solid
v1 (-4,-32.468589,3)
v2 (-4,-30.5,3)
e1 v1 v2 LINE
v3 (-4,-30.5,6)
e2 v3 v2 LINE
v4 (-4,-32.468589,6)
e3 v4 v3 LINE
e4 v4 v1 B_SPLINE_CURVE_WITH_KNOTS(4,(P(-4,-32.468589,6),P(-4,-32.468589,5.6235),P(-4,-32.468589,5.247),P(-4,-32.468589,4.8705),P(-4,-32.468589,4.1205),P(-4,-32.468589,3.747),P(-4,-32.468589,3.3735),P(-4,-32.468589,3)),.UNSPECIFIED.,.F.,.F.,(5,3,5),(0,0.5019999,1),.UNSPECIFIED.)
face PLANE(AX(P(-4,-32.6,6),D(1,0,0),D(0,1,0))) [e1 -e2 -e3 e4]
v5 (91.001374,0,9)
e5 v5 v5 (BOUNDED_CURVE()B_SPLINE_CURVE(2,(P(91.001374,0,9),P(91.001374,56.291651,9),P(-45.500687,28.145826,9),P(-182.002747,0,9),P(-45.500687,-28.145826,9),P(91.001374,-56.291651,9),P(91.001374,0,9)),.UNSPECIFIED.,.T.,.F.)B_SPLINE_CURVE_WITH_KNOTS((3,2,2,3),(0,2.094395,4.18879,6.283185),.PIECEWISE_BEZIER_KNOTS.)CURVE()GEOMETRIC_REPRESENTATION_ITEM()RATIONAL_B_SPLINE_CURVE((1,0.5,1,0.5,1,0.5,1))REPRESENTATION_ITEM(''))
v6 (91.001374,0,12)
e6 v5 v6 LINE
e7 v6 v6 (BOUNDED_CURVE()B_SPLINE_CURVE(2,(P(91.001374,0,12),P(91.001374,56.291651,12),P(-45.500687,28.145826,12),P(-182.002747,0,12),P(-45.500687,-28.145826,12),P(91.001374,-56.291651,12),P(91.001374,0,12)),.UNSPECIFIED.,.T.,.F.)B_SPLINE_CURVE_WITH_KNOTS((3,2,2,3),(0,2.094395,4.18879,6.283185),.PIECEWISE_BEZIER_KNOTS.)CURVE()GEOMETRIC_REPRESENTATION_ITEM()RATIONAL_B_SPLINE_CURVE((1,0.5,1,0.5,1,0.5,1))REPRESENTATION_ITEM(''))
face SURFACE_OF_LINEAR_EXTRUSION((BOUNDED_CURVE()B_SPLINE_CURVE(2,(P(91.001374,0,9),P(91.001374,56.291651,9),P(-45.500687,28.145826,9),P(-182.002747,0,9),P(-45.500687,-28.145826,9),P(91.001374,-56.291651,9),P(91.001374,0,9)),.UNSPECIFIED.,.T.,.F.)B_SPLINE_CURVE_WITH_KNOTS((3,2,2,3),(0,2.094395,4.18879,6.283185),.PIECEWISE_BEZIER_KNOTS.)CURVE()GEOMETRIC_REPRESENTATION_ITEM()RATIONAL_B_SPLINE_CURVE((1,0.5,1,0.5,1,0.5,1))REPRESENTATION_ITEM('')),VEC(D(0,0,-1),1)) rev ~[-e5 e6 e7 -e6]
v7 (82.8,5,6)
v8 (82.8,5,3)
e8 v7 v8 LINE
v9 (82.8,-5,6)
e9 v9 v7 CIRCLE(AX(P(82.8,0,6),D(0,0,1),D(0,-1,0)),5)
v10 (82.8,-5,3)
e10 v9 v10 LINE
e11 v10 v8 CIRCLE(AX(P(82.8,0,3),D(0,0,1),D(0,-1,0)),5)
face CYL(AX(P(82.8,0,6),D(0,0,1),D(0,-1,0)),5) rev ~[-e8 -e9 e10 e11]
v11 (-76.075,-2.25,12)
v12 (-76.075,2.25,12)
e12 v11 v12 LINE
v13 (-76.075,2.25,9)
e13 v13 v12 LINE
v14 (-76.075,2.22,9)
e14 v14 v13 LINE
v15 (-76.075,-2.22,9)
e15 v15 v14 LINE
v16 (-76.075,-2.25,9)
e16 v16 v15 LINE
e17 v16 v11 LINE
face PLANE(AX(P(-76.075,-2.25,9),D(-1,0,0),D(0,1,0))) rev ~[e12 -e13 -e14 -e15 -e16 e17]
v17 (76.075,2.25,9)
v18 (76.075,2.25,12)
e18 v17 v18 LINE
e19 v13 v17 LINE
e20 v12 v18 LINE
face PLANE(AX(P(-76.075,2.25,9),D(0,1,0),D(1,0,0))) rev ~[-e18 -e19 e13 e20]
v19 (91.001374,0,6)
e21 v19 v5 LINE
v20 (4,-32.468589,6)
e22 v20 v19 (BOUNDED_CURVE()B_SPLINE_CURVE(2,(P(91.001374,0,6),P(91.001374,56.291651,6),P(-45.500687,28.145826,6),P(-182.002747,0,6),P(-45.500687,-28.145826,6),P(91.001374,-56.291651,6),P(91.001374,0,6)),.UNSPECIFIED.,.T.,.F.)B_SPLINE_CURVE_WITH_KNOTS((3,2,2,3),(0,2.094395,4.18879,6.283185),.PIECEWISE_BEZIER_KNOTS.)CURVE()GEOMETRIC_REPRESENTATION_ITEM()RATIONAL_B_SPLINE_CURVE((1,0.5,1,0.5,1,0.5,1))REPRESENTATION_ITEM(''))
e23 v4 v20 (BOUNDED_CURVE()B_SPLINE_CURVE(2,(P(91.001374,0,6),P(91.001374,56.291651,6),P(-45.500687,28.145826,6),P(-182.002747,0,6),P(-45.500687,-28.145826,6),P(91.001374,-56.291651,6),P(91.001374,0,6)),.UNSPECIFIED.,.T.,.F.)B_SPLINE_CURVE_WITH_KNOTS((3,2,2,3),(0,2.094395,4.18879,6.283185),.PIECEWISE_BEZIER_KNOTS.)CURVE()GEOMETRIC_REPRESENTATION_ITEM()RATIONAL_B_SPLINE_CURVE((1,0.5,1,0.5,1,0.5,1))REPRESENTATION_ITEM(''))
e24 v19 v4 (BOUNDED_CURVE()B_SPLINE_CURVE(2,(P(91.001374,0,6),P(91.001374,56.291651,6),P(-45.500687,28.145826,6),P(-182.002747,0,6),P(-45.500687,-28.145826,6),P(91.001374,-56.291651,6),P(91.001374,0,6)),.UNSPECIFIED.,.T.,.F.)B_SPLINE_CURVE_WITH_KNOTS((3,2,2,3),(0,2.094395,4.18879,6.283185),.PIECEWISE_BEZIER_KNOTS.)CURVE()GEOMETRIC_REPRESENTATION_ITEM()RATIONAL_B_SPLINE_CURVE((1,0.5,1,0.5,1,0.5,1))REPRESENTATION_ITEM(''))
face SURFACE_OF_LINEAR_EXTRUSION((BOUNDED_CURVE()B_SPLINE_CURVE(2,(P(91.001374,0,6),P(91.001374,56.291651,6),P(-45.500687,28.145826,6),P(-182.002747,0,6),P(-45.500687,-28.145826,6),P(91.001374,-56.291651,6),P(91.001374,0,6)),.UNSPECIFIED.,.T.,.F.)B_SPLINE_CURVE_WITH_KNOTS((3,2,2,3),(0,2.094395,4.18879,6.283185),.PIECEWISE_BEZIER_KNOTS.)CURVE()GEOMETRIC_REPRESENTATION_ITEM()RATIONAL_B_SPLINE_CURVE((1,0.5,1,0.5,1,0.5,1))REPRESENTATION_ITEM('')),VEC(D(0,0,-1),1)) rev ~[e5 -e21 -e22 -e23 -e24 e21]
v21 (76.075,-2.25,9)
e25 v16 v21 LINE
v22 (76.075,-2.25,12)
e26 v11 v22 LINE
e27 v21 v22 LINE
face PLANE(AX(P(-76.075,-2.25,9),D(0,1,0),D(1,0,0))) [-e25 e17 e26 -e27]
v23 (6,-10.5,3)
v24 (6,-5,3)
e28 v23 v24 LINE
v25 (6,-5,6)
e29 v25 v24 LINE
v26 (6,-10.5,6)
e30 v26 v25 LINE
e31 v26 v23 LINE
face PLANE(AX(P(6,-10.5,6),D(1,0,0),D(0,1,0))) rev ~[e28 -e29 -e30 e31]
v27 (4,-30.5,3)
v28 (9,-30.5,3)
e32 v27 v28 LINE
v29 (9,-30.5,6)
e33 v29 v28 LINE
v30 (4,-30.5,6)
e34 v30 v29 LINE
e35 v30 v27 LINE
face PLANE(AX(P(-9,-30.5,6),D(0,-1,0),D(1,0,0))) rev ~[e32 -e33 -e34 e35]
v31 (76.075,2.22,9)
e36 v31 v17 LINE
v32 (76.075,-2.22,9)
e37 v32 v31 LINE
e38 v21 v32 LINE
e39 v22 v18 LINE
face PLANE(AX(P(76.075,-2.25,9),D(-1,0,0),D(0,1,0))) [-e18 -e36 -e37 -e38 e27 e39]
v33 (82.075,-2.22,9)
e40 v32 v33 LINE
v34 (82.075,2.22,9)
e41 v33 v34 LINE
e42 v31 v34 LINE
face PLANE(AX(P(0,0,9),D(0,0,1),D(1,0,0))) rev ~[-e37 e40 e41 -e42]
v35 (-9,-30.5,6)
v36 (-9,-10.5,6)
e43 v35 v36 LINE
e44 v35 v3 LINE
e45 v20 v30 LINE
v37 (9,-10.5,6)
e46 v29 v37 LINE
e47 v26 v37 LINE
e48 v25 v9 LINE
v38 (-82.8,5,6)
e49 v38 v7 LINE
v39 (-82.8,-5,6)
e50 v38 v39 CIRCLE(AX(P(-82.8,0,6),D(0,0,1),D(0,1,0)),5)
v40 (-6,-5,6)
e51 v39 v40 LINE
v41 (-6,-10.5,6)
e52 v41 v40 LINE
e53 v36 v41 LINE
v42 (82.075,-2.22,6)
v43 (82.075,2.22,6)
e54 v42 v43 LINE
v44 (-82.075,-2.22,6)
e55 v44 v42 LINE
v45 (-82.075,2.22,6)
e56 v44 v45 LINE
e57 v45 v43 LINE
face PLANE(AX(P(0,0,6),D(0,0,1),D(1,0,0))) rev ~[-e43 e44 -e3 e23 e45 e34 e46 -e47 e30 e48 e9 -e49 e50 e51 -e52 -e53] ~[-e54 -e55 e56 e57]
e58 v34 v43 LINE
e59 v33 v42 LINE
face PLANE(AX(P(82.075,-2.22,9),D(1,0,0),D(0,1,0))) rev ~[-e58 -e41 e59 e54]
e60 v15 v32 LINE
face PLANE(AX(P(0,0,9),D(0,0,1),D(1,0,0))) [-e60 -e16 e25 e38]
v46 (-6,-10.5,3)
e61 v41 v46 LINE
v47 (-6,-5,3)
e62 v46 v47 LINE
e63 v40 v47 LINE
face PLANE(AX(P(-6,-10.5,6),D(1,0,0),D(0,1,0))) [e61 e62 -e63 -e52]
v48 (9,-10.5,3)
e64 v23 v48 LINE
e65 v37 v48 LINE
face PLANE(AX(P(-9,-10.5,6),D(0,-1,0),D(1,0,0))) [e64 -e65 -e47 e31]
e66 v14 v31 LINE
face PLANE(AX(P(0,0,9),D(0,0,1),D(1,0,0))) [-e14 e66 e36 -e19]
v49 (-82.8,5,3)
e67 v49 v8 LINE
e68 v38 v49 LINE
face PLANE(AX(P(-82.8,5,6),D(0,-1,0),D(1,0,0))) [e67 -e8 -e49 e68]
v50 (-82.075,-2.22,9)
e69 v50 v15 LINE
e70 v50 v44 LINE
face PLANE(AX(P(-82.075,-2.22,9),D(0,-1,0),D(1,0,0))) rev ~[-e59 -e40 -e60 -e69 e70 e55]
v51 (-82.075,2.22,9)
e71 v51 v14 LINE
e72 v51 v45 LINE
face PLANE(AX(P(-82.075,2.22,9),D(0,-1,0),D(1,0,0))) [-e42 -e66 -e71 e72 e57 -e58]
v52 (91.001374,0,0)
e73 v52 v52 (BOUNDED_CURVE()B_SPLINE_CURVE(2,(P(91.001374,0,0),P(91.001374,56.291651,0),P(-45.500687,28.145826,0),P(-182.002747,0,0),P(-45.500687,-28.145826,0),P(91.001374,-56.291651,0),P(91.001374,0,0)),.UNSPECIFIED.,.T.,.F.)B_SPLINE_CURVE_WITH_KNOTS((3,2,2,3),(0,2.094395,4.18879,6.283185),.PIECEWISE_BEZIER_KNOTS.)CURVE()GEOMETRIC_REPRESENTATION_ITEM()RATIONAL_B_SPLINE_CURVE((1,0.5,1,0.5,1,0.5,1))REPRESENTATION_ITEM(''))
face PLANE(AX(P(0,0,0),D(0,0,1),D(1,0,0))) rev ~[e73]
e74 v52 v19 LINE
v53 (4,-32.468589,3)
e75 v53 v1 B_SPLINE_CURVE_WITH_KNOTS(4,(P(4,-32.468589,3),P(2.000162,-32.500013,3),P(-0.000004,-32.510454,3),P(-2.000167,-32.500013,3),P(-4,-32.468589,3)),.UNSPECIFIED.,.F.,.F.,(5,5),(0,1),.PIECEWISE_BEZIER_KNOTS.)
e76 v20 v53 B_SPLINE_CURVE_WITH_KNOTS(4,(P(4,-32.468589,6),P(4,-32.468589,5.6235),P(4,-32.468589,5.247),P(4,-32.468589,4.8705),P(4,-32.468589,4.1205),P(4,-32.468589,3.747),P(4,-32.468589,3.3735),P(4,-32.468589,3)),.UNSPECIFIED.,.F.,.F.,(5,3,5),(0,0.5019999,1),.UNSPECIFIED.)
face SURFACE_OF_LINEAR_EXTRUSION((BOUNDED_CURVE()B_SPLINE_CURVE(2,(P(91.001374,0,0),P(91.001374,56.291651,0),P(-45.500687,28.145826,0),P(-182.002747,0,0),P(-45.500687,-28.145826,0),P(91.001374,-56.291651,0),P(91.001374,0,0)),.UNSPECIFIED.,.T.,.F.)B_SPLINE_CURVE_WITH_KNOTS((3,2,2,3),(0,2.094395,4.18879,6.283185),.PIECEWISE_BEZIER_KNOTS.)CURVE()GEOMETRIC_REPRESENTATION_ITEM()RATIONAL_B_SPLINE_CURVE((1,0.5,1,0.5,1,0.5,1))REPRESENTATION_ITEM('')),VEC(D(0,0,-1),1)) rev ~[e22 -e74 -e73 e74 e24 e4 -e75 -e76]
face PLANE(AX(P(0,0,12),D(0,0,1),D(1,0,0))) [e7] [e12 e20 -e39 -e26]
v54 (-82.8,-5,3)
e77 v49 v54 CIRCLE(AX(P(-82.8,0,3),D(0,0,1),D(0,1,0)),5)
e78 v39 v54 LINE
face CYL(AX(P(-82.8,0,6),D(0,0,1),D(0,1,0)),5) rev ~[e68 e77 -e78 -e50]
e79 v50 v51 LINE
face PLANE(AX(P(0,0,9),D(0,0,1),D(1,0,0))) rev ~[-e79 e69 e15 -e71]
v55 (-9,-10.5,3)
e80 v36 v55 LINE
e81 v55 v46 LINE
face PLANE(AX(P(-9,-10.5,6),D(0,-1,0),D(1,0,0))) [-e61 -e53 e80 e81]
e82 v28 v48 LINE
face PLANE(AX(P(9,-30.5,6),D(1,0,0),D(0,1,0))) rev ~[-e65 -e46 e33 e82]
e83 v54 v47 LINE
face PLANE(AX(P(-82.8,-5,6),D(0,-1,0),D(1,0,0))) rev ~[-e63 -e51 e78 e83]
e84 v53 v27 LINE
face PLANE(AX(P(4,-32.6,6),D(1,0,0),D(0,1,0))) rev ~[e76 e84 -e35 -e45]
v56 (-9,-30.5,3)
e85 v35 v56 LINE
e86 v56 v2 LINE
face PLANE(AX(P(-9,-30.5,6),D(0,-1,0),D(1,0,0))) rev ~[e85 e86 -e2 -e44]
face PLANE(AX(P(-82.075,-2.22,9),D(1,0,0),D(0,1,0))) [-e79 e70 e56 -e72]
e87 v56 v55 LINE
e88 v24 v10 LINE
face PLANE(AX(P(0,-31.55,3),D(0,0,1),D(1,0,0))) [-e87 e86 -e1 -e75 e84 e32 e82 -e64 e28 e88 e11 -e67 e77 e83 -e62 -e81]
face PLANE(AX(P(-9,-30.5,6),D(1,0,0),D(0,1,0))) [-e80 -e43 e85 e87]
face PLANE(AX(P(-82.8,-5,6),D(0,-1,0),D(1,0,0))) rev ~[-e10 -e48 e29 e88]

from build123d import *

# Parameters (mm, degrees)
PAD_DEPTH       = 6
POCKET_DEPTH    = 3
SKETCH002_W     = 18
SKETCH002_H     = 20
POCKET001_DEPTH = 3
SKETCH003_W     = 12
SKETCH003_H     = 5.5
SKETCH003_W_2   = 8
SKETCH003_H_2   = 2.1
POCKET002_DEPTH = 3
PAD001_DEPTH    = 3
SKETCH005_W     = 164.15
SKETCH005_H     = 4.44
POCKET003_DEPTH = 3
SKETCH006_W     = 152.15
SKETCH006_H     = 4.5
PAD002_DEPTH    = 3


with BuildPart() as part:
    # Sketch → Pad (new body)
    with BuildSketch(Plane.XY):
        with BuildLine():
            add(Edge.make_bspline(
                [(91.001374, 0), (91.001374, 56.291651), (-45.500687, 28.145826), (-182.002747, 0), (-45.500687, -28.145826), (91.001374, -56.291651), (91.001374, 0)],
                knots=[0, 0, 0, 2.094395, 2.094395, 4.18879, 4.18879, 6.283185, 6.283185, 6.283185], degree=2, weights=[1, 0.5, 1, 0.5, 1, 0.5, 1]))
        make_face()
    extrude(amount=PAD_DEPTH)

    # Sketch001 (on Face3 of Pad) → Pocket (cut)
    with BuildSketch(Plane.XY.offset(6)):
        with BuildLine():
            ThreePointArc((-82.8, 5), (-87.8, 0), (-82.8, -5))
            Line((-82.8, -5), (82.8, -5))
            ThreePointArc((82.8, -5), (87.8, 0), (82.8, 5))
            Line((-82.8, 5), (82.8, 5))
        make_face()
    extrude(amount=-POCKET_DEPTH, mode=Mode.SUBTRACT)

    # Sketch002 (on Face3 of Pocket) → Pocket001 (cut)
    with BuildSketch(Plane.XY.offset(6)):
        with Locations((0, -20.5)):
            Rectangle(SKETCH002_W, SKETCH002_H)
    extrude(amount=-POCKET001_DEPTH, mode=Mode.SUBTRACT)

    # Sketch003 (on Face3 of Pocket001) → Pocket002 (cut)
    with BuildSketch(Plane.XY.offset(6)):
        with Locations((0, -7.75)):
            Rectangle(SKETCH003_W, SKETCH003_H)
        with Locations((0, -31.55)):
            Rectangle(SKETCH003_W_2, SKETCH003_H_2)
    extrude(amount=-POCKET002_DEPTH, mode=Mode.SUBTRACT)

    # Sketch004 (on Face3 of Pocket002) → Pad001 (join)
    with BuildSketch(Plane.XY.offset(6)):
        with BuildLine():
            add(Edge.make_bspline(
                [(91.001374, 0), (91.001374, 56.291651), (-45.500687, 28.145826), (-182.002747, 0), (-45.500687, -28.145826), (91.001374, -56.291651), (91.001374, 0)],
                knots=[0, 0, 0, 2.094395, 2.094395, 4.18879, 4.18879, 6.283185, 6.283185, 6.283185], degree=2, weights=[1, 0.5, 1, 0.5, 1, 0.5, 1]))
        make_face()
    extrude(amount=PAD001_DEPTH)

    # Sketch005 (on Face8 of Pad001) → Pocket003 (cut)
    with BuildSketch(Plane.XY.offset(9)):
        Rectangle(SKETCH005_W, SKETCH005_H)
    extrude(amount=-POCKET003_DEPTH, mode=Mode.SUBTRACT)

    # Sketch006 (on Face8 of Pocket003) → Pad002 (join)
    with BuildSketch(Plane.XY.offset(9)):
        with BuildLine():
            add(Edge.make_bspline(
                [(91.001374, 0), (91.001374, 56.291651), (-45.500687, 28.145826), (-182.002747, 0), (-45.500687, -28.145826), (91.001374, -56.291651), (91.001374, 0)],
                knots=[0, 0, 0, 2.094395, 2.094395, 4.18879, 4.18879, 6.283185, 6.283185, 6.283185], degree=2, weights=[1, 0.5, 1, 0.5, 1, 0.5, 1]))
        make_face()
        Rectangle(SKETCH006_W, SKETCH006_H, mode=Mode.SUBTRACT)
    extrude(amount=PAD002_DEPTH)


solid = part.part
